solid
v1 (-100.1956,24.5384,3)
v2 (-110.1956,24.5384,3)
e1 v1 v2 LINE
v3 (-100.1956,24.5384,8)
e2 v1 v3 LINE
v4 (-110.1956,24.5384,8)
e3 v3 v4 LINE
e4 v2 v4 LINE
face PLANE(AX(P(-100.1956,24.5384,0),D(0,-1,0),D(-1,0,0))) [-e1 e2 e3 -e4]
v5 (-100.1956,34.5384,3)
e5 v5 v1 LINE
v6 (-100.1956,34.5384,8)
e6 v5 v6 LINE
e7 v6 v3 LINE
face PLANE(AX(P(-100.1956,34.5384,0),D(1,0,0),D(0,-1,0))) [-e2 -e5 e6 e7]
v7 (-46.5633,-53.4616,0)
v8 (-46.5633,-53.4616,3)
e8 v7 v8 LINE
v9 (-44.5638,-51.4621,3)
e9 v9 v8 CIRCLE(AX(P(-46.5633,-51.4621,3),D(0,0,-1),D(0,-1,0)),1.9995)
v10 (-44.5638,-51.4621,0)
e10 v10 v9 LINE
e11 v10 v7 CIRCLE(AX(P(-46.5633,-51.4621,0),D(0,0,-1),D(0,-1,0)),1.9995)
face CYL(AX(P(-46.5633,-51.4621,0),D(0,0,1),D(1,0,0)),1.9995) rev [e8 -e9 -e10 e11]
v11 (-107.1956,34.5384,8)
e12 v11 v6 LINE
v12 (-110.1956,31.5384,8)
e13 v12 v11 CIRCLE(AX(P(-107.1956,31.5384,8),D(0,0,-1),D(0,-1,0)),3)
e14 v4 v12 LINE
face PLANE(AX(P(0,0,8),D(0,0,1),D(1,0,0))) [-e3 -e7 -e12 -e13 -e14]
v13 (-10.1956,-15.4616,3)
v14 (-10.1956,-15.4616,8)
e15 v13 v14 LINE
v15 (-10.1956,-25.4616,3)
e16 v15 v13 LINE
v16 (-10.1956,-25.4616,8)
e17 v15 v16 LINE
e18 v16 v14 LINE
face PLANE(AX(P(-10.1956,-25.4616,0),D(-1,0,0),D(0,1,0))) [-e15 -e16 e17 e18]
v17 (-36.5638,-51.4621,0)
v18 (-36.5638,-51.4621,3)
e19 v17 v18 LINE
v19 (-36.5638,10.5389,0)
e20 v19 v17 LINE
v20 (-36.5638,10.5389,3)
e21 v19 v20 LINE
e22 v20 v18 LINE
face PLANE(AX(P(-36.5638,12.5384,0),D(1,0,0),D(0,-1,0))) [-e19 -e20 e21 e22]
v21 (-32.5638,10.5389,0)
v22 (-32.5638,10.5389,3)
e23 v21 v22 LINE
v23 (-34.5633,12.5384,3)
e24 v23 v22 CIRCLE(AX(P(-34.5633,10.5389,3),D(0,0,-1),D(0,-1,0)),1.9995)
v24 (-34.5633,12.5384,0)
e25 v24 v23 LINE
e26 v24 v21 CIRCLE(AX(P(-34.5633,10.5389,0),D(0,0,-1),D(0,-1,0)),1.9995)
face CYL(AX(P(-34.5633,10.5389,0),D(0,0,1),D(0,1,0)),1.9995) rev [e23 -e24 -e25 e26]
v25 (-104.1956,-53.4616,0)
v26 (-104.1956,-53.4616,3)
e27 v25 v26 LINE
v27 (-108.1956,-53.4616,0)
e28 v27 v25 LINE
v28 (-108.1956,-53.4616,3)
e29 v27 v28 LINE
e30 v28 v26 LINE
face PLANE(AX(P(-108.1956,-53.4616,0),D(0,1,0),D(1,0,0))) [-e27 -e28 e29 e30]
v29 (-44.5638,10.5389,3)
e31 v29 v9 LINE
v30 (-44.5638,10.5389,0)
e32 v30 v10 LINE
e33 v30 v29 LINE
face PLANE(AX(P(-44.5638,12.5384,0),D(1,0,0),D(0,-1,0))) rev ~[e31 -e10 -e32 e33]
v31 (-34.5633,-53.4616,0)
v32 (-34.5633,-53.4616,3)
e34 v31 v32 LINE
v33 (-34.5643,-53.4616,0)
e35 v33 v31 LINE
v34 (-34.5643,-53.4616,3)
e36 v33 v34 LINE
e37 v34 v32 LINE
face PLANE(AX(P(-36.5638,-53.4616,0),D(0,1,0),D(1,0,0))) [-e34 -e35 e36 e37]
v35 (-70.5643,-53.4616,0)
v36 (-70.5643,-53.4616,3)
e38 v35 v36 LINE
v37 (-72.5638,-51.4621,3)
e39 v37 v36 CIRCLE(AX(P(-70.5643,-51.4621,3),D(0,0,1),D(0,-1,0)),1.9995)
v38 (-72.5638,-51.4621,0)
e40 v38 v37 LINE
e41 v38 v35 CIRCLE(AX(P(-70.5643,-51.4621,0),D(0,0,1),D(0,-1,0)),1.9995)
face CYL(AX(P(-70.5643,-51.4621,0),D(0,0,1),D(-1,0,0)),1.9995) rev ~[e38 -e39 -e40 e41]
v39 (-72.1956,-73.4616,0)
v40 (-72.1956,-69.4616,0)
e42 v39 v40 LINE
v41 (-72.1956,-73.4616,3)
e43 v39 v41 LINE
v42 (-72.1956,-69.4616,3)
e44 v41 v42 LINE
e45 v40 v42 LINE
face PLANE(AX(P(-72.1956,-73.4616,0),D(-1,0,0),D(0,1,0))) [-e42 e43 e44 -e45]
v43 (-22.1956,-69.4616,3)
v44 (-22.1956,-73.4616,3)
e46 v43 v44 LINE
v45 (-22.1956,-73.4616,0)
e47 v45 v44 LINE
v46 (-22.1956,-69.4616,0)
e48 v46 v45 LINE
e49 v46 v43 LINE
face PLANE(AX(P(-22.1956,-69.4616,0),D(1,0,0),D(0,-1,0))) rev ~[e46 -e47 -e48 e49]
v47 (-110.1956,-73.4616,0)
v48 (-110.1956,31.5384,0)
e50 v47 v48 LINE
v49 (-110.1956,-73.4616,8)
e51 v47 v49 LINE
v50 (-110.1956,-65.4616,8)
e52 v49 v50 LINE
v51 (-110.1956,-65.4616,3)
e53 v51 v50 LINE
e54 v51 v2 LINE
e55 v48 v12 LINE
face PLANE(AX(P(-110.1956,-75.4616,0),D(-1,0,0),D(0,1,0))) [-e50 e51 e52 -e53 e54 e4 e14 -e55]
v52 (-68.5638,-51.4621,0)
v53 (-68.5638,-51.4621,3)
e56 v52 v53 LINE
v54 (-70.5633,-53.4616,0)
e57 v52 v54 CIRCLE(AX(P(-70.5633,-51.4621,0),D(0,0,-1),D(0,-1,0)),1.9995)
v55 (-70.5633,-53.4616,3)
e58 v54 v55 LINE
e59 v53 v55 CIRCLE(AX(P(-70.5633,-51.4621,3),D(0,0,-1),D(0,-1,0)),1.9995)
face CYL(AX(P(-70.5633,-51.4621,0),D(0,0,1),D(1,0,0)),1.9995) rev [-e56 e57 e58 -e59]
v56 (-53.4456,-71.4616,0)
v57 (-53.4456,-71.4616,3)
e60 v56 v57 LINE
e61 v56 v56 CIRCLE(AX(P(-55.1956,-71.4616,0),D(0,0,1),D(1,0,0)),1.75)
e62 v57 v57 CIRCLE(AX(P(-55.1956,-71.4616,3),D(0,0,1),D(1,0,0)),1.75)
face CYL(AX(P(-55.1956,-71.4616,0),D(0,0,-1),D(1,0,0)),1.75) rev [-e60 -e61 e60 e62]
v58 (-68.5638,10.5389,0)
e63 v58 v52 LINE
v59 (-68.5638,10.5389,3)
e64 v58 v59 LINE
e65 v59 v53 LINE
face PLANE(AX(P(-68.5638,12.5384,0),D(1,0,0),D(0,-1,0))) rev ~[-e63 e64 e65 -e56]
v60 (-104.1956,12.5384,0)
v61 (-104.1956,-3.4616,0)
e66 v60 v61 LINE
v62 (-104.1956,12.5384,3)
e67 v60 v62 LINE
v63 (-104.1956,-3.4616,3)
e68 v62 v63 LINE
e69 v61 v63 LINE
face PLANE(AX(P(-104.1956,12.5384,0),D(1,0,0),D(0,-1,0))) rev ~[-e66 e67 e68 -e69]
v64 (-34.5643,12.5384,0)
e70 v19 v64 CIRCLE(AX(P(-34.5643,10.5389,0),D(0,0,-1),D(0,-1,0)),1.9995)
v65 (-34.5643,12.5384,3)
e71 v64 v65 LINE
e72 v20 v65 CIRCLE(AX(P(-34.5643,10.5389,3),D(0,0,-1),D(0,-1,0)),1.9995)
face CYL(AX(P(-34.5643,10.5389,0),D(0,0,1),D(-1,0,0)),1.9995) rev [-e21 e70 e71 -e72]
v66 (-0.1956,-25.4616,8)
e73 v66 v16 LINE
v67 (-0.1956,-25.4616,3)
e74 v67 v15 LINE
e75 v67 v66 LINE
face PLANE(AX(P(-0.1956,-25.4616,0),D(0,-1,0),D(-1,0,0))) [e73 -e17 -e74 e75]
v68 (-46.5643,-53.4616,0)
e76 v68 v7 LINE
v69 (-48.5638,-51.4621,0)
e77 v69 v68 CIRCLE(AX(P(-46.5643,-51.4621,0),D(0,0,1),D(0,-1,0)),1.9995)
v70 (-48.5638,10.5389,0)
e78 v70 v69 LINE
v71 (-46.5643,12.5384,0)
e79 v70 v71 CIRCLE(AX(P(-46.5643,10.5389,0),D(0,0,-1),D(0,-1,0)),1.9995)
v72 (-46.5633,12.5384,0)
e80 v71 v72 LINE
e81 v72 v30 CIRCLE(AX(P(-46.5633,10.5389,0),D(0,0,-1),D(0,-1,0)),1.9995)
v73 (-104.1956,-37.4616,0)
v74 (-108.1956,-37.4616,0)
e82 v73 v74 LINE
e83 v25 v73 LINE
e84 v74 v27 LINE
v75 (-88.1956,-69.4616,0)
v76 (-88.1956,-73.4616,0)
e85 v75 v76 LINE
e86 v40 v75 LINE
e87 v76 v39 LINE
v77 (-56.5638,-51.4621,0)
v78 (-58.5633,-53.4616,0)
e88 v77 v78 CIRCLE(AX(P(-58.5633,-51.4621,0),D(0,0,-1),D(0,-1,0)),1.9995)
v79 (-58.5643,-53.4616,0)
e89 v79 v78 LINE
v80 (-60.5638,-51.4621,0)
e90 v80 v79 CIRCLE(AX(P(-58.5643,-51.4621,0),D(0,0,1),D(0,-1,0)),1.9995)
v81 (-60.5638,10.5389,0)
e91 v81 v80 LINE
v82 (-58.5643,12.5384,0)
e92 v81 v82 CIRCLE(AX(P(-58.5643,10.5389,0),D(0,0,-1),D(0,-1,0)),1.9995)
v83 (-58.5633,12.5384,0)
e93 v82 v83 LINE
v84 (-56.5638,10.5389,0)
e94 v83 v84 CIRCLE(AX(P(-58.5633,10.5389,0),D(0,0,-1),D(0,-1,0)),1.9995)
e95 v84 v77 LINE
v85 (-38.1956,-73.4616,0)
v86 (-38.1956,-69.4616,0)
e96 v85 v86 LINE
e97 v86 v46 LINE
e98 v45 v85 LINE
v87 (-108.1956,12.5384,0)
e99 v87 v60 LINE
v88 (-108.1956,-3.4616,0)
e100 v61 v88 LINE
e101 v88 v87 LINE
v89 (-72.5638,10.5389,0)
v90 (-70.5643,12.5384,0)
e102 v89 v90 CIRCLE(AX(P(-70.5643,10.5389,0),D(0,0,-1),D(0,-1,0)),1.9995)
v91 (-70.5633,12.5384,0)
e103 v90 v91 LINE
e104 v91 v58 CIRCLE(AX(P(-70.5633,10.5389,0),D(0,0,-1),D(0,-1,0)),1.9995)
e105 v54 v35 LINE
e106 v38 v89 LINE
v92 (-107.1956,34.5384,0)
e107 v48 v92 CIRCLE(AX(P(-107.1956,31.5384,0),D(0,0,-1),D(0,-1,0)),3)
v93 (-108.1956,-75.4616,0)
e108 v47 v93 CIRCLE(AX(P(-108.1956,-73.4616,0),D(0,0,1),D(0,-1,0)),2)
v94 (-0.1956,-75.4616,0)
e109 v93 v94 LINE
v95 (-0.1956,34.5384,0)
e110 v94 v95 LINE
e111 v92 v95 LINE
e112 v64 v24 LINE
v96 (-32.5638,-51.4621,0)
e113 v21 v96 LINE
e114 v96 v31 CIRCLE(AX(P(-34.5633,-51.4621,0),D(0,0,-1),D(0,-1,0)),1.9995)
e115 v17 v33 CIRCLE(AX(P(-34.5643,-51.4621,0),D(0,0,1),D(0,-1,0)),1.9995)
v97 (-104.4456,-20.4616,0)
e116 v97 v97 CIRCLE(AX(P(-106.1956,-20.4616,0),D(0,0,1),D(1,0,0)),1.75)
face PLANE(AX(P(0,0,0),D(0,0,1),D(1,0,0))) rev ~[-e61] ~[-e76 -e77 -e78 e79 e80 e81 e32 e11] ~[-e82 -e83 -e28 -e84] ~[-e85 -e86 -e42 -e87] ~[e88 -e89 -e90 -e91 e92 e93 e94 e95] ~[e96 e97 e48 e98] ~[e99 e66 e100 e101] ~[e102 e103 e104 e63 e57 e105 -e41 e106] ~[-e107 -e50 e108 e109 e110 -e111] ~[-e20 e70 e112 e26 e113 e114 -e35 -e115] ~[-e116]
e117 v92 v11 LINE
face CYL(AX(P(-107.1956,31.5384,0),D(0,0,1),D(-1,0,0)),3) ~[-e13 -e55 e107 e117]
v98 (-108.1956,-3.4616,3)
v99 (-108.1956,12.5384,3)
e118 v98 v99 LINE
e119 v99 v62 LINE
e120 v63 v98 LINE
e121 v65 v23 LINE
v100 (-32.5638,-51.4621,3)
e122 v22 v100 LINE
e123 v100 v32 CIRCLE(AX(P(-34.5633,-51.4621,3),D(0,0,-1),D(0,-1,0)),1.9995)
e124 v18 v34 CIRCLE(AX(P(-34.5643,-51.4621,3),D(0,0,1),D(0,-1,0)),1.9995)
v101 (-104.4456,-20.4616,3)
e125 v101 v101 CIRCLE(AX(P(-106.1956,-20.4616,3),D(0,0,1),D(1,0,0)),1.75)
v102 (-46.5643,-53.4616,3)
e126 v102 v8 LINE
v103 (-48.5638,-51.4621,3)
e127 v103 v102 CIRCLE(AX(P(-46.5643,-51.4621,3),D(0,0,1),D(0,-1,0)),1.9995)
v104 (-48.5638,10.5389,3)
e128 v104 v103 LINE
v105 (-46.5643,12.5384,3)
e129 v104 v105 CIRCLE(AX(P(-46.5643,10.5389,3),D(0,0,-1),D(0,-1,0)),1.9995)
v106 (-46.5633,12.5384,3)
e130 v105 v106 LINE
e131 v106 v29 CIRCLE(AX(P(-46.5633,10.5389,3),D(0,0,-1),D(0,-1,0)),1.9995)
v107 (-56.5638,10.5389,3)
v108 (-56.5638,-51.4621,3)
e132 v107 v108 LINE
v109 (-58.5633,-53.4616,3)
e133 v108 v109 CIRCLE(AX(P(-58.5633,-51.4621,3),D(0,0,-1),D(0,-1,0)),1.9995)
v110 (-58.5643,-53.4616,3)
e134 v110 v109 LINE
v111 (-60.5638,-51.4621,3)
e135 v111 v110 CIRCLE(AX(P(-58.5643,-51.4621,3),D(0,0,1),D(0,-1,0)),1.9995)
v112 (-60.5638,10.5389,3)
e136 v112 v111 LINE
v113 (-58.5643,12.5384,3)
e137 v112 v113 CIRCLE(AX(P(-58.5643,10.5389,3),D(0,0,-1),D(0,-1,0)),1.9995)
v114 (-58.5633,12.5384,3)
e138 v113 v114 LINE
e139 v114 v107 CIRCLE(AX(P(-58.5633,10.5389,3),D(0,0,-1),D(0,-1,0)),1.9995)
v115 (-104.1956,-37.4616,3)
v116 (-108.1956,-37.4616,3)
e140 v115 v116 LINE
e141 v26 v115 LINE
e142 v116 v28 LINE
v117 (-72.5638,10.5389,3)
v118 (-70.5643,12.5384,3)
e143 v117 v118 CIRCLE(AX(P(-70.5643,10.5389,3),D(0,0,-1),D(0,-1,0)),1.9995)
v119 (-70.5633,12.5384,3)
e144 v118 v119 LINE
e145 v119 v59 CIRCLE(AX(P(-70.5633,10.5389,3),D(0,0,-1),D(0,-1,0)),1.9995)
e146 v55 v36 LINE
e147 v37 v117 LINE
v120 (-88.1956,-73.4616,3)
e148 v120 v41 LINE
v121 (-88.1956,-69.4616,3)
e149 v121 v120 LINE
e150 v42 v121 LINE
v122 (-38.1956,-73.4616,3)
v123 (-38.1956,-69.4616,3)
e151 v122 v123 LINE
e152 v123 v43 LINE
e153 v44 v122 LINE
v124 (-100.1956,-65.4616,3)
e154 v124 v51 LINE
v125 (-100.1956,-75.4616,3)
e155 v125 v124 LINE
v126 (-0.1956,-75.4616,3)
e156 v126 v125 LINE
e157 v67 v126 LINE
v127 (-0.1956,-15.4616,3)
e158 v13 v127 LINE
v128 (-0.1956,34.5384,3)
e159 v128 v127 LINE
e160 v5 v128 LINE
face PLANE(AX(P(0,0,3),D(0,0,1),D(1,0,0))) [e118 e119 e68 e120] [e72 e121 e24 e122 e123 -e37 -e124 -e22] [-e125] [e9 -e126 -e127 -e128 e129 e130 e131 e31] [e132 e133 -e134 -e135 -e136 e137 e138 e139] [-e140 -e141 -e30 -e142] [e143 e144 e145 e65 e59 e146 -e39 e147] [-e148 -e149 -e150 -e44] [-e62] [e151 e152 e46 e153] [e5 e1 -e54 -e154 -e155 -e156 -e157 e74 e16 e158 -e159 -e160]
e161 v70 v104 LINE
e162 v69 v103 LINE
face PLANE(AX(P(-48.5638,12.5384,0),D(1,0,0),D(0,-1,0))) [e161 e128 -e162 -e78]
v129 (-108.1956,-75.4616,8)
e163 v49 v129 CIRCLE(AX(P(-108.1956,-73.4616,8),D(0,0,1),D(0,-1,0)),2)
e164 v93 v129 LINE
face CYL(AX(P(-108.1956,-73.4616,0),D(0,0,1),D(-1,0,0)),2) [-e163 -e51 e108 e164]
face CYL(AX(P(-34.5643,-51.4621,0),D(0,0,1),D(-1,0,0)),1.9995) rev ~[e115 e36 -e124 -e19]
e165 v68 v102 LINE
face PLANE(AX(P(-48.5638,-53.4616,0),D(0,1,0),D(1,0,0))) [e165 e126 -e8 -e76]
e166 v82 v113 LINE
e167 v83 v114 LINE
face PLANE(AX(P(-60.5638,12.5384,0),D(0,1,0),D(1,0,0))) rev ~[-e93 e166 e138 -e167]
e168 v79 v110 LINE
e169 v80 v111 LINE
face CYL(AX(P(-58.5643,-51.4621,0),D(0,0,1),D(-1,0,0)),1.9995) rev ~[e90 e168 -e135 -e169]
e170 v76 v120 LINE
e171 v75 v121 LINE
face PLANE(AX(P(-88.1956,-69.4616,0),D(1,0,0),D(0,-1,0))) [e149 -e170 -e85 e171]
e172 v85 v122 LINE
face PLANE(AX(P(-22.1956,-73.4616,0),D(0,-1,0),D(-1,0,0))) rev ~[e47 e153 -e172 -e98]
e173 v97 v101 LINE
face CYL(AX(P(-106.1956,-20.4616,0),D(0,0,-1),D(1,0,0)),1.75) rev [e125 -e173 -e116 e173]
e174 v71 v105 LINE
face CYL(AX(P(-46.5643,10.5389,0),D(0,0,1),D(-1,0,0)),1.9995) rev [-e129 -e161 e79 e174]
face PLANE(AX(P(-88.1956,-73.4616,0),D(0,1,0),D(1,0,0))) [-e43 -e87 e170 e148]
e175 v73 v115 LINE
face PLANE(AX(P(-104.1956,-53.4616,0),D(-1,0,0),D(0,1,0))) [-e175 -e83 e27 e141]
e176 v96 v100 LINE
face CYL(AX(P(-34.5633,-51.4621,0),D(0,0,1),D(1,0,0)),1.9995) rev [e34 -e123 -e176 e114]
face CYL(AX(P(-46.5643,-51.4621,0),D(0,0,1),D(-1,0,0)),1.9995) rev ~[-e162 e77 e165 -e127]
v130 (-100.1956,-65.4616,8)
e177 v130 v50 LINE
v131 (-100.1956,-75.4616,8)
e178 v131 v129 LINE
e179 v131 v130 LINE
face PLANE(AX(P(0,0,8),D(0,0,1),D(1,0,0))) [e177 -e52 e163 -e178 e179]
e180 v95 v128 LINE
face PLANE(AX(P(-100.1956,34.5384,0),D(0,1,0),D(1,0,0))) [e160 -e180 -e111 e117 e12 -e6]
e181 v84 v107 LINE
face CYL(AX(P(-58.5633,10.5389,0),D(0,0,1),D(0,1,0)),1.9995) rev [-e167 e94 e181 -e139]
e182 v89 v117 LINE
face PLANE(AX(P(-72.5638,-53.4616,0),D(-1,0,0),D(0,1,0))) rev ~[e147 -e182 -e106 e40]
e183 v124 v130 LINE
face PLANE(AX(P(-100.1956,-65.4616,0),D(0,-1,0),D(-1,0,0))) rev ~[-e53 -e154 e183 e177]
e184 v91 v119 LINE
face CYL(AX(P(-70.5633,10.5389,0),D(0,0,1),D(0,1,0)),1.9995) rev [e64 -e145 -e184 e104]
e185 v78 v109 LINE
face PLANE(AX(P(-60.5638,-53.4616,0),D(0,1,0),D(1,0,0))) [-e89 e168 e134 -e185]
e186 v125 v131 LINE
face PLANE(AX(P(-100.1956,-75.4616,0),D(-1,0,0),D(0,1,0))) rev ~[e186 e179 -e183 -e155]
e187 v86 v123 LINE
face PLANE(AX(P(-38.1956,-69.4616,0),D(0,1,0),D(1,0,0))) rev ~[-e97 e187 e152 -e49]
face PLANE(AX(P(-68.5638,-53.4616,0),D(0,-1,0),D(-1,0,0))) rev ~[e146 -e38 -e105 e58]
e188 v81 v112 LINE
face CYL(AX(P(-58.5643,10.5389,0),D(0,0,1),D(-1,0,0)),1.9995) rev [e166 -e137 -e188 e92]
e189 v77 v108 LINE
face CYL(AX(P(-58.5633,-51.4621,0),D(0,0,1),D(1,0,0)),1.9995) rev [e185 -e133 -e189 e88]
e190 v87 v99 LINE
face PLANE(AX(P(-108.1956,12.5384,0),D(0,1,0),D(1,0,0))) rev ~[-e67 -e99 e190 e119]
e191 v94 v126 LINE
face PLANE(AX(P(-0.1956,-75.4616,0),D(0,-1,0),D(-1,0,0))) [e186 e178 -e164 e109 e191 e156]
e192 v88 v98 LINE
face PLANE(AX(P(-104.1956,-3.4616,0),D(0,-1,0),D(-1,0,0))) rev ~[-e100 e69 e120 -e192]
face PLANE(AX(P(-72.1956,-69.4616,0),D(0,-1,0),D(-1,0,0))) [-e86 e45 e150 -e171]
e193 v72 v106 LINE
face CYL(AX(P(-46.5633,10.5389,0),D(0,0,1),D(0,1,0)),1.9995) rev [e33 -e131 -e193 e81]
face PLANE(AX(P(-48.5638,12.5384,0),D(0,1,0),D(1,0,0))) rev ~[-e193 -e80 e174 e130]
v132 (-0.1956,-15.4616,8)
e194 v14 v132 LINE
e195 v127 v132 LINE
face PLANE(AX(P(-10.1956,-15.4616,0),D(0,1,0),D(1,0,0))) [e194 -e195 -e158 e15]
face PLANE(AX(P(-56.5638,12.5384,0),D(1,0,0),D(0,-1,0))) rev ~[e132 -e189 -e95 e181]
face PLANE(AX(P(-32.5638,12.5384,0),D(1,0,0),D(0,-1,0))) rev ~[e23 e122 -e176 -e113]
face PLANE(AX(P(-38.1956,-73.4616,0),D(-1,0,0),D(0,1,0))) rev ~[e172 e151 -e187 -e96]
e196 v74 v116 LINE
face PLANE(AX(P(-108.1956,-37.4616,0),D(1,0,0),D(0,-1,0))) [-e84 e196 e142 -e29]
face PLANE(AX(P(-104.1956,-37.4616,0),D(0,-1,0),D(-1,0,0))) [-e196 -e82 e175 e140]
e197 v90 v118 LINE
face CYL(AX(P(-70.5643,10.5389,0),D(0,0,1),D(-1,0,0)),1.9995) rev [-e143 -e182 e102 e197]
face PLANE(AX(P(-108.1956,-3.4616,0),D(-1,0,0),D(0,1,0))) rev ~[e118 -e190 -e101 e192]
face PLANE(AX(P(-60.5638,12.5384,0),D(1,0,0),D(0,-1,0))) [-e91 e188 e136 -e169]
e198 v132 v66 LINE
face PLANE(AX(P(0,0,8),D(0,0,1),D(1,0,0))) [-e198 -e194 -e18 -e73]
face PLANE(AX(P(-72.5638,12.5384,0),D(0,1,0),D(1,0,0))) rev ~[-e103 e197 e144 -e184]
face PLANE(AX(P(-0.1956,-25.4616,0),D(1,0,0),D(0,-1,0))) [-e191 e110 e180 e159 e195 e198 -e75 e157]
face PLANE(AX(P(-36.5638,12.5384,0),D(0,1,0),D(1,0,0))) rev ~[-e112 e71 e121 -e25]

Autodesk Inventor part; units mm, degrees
ref_plane "YZ Plane" through (0, 0, 0) normal (1, 0, 0) x (0, 1, 0)
ref_plane "XZ Plane" through (0, 0, 0) normal (0, 1, 0) x (-1, 0, 0)
ref_plane "XY Plane" through (0, 0, 0) normal (0, 0, 1) x (1, 0, 0)
sketch "Sketch1" plane through (0, 0, 0) normal (0, 0, 1) x (1, 0, 0)
  line L0 (-0.1956, -75.4616) -> (-110.1956, -75.4616)
  line L1 (-110.1956, -75.4616) -> (-110.1956, 34.5384)
  line L2 (-110.1956, 34.5384) -> (-0.1956, 34.5384)
  line L3 (-110.1956, 34.5384) -> (-108.1956, 34.5384) construction
  line L4 (-108.1956, 12.5384) -> (-104.1956, 12.5384)
  line L5 (-104.1956, 12.5384) -> (-104.1956, -3.4616)
  line L6 (-104.1956, -3.4616) -> (-108.1956, -3.4616)
  line L7 (-108.1956, -3.4616) -> (-108.1956, 12.5384)
  line L8 (-110.1956, 34.5384) -> (-110.1956, 32.5384) construction
  line L9 (-110.1956, -20.4616) -> (-0.1956, -20.4616) construction
  line L10 (-108.1956, -53.4616) -> (-104.1956, -53.4616)
  line L11 (-104.1956, -53.4616) -> (-104.1956, -37.4616)
  line L12 (-104.1956, -37.4616) -> (-108.1956, -37.4616)
  line L13 (-108.1956, -37.4616) -> (-108.1956, -53.4616)
  line L14 (-88.1956, -73.4616) -> (-72.1956, -73.4616)
  line L15 (-72.1956, -73.4616) -> (-72.1956, -69.4616)
  line L16 (-72.1956, -69.4616) -> (-88.1956, -69.4616)
  line L17 (-88.1956, -69.4616) -> (-88.1956, -73.4616)
  line L18 (-22.1956, -73.4616) -> (-38.1956, -73.4616)
  line L19 (-38.1956, -73.4616) -> (-38.1956, -69.4616)
  line L20 (-38.1956, -69.4616) -> (-22.1956, -69.4616)
  line L21 (-22.1956, -69.4616) -> (-22.1956, -73.4616)
  circle A0 centre (-55.1956, -71.4616) radius 1.75
  circle A1 centre (-106.1956, -20.4616) radius 1.75
  line L22 (-0.1956, 34.5384) -> (-0.1956, -75.4616)
  line L23 (-110.1956, 34.5384) -> (-100.1956, 34.5384)
  line L24 (-100.1956, 34.5384) -> (-100.1956, 24.5384)
  line L25 (-100.1956, 24.5384) -> (-110.1956, 24.5384)
  line L26 (-110.1956, 24.5384) -> (-110.1956, 34.5384)
  line L27 (-0.1956, -25.4616) -> (-10.1956, -25.4616)
  line L28 (-10.1956, -25.4616) -> (-10.1956, -15.4616)
  line L29 (-10.1956, -15.4616) -> (-0.1956, -15.4616)
  line L30 (-72.5638, 12.5384) -> (-68.5638, 12.5384)
  line L31 (-68.5638, 12.5384) -> (-68.5638, -53.4616)
  line L32 (-68.5638, -53.4616) -> (-72.5638, -53.4616)
  line L33 (-72.5638, -53.4616) -> (-72.5638, 12.5384)
  line L34 (-60.5638, 12.5384) -> (-60.5638, -53.4616)
  line L35 (-56.5638, 12.5384) -> (-56.5638, -53.4616)
  line L36 (-48.5638, 12.5384) -> (-48.5638, -53.4616)
  line L37 (-44.5638, 12.5384) -> (-44.5638, -53.4616)
  line L38 (-36.5638, 12.5384) -> (-36.5638, -53.4616)
  line L39 (-32.5638, 12.5384) -> (-32.5638, -53.4616)
  line L40 (-60.5638, -53.4616) -> (-56.5638, -53.4616)
  line L41 (-48.5638, -53.4616) -> (-44.5638, -53.4616)
  line L42 (-36.5638, -53.4616) -> (-32.5638, -53.4616)
  line L43 (-60.5638, 12.5384) -> (-56.5638, 12.5384)
  line L44 (-48.5638, 12.5384) -> (-44.5638, 12.5384)
  line L45 (-36.5638, 12.5384) -> (-32.5638, 12.5384)
  line L46 (-110.1956, -75.4616) -> (-100.1956, -75.4616)
  line L47 (-100.1956, -75.4616) -> (-100.1956, -65.4616)
  line L48 (-100.1956, -65.4616) -> (-110.1956, -65.4616)
  line L49 (-110.1956, -65.4616) -> (-110.1956, -75.4616)
  dimension "d5" = 110
  dimension "d6" = 110
  dimension "d7" = 2
  dimension "d8" = 22
  dimension "d10" = 4
  dimension "d11" = 16
  dimension "d12" = 2
  dimension "d20" = 3.5
  dimension "d21" = 10
  dimension "d22" = 10
  dimension "d25" = 10
  dimension "d26" = 4
  dimension "d30" = 4
  dimension "d33" = 4
  dimension "d34" = 4
  dimension "d35" = 4
  dimension "d37" = 10
  dimension "d38" = 10
extrude "Extrusion3" add sketch "Sketch1" along normal blind 3 contours L0 L47 L48 L1 L25 L24 L2 L22 L29 L28 L27
extrude "Extrusion4" add sketch "Sketch1" along normal blind 8 contours L0 L1 L48 L47 | L27 L28 L29 L22 | L1 L2 L24 L25
fillet "Fillet1" radius 3 1 edges at (-110.1956, 34.5384, 4)
fillet "Fillet2" radius 2 1 edges at (-110.1956, -75.4616, 4)
fillet "Fillet3" radius 2 16 edges at (-32.5638, 12.5384, 1.5) (-36.5638, 12.5384, 1.5) (-48.5638, 12.5384, 1.5) (-44.5638, 12.5384, 1.5) (-56.5638, 12.5384, 1.5) (-68.5638, 12.5384, 1.5) (-60.5638, 12.5384, 1.5) (-72.5638, 12.5384, 1.5) (-68.5638, -53.4616, 1.5) (-72.5638, -53.4616, 1.5) (-60.5638, -53.4616, 1.5) (-56.5638, -53.4616, 1.5) (-48.5638, -53.4616, 1.5) (-44.5638, -53.4616, 1.5) (-36.5638, -53.4616, 1.5) (-32.5638, -53.4616, 1.5)
properties part number "base_agitador"
